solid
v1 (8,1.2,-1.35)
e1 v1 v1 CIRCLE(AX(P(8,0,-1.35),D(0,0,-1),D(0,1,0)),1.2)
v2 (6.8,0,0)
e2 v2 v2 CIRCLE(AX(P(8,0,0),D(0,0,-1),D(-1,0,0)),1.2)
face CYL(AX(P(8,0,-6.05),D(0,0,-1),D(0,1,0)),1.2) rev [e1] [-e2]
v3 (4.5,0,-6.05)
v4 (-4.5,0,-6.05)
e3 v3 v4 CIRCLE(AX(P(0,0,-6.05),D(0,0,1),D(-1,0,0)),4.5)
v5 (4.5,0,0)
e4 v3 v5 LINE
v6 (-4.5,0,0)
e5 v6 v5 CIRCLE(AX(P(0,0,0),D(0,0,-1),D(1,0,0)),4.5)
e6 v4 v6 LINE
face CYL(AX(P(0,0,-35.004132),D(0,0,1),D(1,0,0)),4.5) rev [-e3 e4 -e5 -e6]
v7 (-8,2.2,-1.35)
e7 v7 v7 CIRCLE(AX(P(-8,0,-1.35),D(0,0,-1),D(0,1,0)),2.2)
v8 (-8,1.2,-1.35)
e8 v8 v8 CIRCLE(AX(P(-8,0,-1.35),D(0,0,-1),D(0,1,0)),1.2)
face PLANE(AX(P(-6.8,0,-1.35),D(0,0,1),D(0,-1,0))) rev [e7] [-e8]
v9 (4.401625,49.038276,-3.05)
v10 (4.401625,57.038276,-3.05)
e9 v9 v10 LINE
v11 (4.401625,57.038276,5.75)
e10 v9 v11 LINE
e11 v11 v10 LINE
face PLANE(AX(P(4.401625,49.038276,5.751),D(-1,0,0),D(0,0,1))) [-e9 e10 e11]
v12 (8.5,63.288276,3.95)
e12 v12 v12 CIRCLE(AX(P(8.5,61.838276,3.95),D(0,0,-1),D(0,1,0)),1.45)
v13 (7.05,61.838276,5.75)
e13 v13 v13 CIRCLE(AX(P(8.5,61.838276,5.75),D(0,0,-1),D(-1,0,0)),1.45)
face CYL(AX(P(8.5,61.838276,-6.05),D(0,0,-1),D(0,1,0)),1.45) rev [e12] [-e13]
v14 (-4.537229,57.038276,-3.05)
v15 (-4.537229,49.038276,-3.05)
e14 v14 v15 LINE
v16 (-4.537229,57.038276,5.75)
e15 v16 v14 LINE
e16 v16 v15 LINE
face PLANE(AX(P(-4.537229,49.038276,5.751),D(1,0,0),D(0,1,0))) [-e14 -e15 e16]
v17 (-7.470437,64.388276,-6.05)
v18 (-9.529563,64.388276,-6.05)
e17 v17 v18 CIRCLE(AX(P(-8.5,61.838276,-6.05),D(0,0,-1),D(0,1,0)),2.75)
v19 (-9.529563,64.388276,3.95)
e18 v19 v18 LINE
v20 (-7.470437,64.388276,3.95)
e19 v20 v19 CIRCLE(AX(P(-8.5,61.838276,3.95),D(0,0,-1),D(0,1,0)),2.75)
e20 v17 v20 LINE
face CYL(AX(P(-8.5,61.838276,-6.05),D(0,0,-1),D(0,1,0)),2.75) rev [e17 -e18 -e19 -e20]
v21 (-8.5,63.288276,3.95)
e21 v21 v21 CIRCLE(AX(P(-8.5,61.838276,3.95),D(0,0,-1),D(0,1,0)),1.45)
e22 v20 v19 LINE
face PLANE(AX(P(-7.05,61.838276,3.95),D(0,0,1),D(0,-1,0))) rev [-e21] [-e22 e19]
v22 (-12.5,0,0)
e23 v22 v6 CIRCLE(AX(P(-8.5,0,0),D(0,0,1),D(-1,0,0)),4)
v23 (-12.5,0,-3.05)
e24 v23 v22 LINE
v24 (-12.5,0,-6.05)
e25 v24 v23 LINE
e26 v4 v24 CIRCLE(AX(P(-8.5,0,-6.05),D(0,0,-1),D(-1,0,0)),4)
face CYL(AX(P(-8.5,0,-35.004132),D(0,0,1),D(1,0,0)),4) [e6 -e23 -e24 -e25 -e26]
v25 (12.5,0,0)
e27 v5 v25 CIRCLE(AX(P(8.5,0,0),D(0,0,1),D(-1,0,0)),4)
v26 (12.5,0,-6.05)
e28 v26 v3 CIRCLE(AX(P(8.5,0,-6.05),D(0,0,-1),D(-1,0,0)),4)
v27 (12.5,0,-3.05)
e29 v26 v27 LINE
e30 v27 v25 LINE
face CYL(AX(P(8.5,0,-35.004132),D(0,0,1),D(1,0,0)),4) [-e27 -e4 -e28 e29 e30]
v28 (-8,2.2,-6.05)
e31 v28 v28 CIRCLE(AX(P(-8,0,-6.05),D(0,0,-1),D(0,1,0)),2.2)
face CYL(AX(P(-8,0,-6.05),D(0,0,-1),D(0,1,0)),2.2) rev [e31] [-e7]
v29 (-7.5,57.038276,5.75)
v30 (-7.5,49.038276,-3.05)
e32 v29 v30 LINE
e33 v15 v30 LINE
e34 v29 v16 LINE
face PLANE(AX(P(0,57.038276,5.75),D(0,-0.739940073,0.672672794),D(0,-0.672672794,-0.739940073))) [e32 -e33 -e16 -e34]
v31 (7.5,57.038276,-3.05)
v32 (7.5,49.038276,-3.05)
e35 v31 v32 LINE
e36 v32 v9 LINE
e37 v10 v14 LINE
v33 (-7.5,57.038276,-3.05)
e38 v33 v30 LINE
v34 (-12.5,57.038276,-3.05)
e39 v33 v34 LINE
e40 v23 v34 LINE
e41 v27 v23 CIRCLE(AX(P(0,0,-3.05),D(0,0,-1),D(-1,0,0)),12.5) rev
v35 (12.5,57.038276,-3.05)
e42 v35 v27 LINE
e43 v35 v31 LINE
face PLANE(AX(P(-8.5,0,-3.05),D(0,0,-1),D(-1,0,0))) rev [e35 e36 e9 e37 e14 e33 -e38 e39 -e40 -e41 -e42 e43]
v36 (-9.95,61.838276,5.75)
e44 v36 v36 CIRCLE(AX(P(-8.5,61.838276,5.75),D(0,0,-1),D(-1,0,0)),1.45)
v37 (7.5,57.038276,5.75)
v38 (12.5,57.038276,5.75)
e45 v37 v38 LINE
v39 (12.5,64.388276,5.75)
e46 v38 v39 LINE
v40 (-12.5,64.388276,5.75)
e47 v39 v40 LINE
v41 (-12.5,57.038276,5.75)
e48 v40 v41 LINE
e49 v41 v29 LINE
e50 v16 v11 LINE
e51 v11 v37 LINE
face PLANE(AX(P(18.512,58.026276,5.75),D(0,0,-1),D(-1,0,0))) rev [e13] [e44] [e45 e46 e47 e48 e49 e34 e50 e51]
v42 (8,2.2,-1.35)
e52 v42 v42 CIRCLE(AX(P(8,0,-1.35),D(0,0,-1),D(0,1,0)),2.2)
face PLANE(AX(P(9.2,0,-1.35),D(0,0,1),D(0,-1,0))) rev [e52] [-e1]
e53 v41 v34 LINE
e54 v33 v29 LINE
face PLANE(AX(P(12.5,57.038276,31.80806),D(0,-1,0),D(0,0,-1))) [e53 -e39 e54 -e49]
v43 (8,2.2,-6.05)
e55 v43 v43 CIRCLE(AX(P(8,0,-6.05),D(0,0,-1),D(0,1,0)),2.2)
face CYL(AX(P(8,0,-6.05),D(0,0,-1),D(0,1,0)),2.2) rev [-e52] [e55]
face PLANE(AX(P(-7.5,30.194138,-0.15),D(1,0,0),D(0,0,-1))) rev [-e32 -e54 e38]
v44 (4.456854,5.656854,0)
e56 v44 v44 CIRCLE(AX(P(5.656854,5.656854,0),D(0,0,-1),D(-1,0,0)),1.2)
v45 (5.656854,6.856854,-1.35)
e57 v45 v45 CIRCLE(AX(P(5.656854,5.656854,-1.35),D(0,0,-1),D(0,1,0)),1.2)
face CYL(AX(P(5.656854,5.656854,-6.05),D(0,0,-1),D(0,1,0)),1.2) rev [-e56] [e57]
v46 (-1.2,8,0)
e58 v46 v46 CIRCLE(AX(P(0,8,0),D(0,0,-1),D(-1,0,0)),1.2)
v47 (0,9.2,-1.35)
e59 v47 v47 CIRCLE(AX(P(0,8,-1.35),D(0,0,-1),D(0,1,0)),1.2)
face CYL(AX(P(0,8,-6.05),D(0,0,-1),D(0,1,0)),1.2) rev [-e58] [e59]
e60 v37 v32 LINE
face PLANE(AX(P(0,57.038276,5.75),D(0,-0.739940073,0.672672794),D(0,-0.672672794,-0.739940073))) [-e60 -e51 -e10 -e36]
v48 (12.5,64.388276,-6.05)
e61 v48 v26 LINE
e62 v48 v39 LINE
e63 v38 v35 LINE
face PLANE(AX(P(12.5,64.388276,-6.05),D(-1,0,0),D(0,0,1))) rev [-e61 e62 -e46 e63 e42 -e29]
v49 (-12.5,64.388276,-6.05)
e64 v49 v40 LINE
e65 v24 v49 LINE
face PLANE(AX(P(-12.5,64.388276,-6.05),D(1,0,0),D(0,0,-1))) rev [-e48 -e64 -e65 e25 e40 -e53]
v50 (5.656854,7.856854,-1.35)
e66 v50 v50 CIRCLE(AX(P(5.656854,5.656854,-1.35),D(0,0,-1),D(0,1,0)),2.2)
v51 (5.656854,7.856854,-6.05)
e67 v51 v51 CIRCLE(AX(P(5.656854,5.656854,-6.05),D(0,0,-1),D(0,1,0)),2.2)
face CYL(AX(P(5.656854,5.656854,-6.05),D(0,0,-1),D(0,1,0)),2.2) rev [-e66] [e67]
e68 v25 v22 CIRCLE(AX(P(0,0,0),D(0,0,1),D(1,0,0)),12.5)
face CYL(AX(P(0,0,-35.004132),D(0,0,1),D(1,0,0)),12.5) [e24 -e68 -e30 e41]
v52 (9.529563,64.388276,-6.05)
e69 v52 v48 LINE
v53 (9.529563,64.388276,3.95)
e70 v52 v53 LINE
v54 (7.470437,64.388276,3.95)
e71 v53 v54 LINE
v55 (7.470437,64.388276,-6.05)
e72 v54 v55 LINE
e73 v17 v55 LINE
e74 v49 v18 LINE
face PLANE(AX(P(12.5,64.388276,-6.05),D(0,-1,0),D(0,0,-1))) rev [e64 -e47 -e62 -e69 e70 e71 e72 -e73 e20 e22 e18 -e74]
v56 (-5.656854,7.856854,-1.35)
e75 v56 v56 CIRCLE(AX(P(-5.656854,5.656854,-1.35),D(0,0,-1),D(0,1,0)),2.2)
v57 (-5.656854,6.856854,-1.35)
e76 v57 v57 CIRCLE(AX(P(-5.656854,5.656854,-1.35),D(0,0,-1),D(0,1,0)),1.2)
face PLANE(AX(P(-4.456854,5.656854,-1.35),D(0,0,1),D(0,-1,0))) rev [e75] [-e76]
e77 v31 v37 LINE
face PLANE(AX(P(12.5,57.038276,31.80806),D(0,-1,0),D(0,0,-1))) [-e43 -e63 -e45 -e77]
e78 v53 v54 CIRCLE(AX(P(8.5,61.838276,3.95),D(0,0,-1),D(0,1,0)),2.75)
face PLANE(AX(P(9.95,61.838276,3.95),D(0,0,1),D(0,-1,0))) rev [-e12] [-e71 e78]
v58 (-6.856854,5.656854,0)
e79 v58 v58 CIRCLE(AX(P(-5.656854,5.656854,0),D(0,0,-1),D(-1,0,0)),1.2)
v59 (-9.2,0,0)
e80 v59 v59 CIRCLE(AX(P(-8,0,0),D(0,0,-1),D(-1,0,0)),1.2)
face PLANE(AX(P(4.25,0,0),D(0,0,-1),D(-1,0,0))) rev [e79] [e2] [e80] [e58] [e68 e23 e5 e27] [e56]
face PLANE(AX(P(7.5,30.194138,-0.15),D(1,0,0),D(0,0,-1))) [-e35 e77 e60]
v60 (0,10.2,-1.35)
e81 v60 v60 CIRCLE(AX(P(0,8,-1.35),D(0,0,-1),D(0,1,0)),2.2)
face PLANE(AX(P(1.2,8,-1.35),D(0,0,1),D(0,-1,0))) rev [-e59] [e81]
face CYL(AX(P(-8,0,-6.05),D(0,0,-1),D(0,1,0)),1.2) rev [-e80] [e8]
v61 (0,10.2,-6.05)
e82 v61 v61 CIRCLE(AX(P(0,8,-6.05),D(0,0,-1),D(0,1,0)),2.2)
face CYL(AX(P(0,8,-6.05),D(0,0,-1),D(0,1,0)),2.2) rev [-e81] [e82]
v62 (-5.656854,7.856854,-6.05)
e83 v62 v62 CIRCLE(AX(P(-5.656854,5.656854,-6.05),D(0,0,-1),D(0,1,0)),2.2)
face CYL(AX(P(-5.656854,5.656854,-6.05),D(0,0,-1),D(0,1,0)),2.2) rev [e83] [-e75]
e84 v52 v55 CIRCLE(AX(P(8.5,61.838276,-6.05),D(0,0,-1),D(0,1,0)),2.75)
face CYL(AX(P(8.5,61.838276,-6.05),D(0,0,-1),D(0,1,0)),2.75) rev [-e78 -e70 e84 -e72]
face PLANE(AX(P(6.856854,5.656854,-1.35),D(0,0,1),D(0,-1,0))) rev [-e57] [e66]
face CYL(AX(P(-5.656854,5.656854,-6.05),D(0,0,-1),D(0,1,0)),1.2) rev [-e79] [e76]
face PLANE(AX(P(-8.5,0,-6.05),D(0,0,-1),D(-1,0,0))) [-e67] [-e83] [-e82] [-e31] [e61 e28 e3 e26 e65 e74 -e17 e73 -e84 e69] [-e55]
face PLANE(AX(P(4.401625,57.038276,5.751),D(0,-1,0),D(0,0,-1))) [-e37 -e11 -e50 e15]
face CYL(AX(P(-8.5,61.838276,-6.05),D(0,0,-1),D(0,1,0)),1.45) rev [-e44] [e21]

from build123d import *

# Parameters (mm, degrees)
RESSALTO_EXTRUS_O1_DEPTH            = 3.05
RESSALTO_EXTRUS_O2_DEPTH            = 3
ESBO_O4_W                           = 25
ESBO_O4_H                           = 7.35
RESSALTO_EXTRUS_O3_DEPTH            = 11.8
REBAIXO_PARA_SHCS_M2_51_D           = 2.9
REBAIXO_PARA_SHCS_M2_51_CBORE_D     = 5.5
REBAIXO_PARA_SHCS_M2_51_CBORE_DEPTH = 10
REBAIXO_PARA_SHCS_M21_D             = 2.4
REBAIXO_PARA_SHCS_M21_CBORE_D       = 4.4
REBAIXO_PARA_SHCS_M21_CBORE_DEPTH   = 4.7
NERVURA1_REACH                      = 67.869
ESBO_O5_WALL_W                      = 145.630512272
ESBO_O5_WALL_H                      = 15
CORTE_EXTRUS_O1_REACH               = 68.178
ESBO_O6_W                           = 8.93885445
ESBO_O6_H                           = 8


with BuildPart() as part:
    # Esboço1 → Ressalto-extrusão1 (new body)
    with BuildSketch(Plane.XY):
        with BuildLine():
            ThreePointArc((4.5, 0), (0, 4.5), (-4.5, 0))
            ThreePointArc((-4.5, 0), (-8.5, -4), (-12.5, 0))
            ThreePointArc((-12.5, 0), (0, 12.5), (12.5, 0))
            ThreePointArc((12.5, 0), (8.5, -4), (4.5, 0))
        make_face()
    extrude(amount=-RESSALTO_EXTRUS_O1_DEPTH)

    # Esboço2 → Ressalto-extrusão2 (add)
    with BuildSketch(Plane(origin=(0, 0, -3.05), x_dir=(-1, 0, 0), z_dir=(0, 0, -1))):
        with BuildLine():
            Line((-12.5, 64.388275999), (12.5, 64.388275999))
            Line((12.5, 64.388275999), (12.5, 0))
            ThreePointArc((12.5, 0), (8.5, -4), (4.5, 0))
            ThreePointArc((4.5, 0), (0, 4.5), (-4.5, 0))
            ThreePointArc((-4.5, 0), (-8.5, -4), (-12.5, 0))
            Line((-12.5, 0), (-12.5, 64.388275999))
        make_face()
    extrude(amount=RESSALTO_EXTRUS_O2_DEPTH)

    # Esboço4 → Ressalto-extrusão3 (add)
    with BuildSketch(Plane(origin=(0, 0, -6.05), x_dir=(-1, 0, 0), z_dir=(0, 0, -1))):
        with Locations((0, 60.713275999)):
            Rectangle(ESBO_O4_W, ESBO_O4_H)
    extrude(amount=-RESSALTO_EXTRUS_O3_DEPTH)

    # Rebaixo para SHCS M2.51 (through all)
    with Locations(Plane(origin=(0, 0, -6.05), x_dir=(-1, 0, 0), z_dir=(0, 0, -1))):
        with Locations((-8.5, 61.838275999), (8.5, 61.838275999)):
            CounterBoreHole(REBAIXO_PARA_SHCS_M2_51_D / 2, REBAIXO_PARA_SHCS_M2_51_CBORE_D / 2, REBAIXO_PARA_SHCS_M2_51_CBORE_DEPTH)

    # Rebaixo para SHCS M21 (through all)
    with Locations(Plane(origin=(0, 0, -6.05), x_dir=(-1, 0, 0), z_dir=(0, 0, -1))):
        with Locations((-8, 0), (-5.656854249, 5.656854249), (0, 8), (5.656854249, 5.656854249), (8, 0)):
            CounterBoreHole(REBAIXO_PARA_SHCS_M21_D / 2, REBAIXO_PARA_SHCS_M21_CBORE_D / 2, REBAIXO_PARA_SHCS_M21_CBORE_DEPTH)

    # Esboço5 wall → Nervura1 (add, up to next)
    with BuildSketch(Plane(origin=(0, 53.038275999, 1.35), x_dir=(0, -0.672672793996, -0.739940073396), z_dir=(0, 0.739940073396, -0.672672793996)), mode=Mode.PRIVATE) as nervura1_sk1:
        Rectangle(ESBO_O5_WALL_W, ESBO_O5_WALL_H)
    nervura1_tool1 = extrude(nervura1_sk1.sketch, amount=NERVURA1_REACH, mode=Mode.PRIVATE) - part.part
    add(nervura1_tool1.solids().sort_by_distance((0, 53.038275999, 1.35))[0])

    # Esboço6 → Corte-extrusão1 (cut, up to next)
    with BuildSketch(Plane.XY.offset(-3.05), mode=Mode.PRIVATE) as corte_extrus_o1_sk1:
        with Locations((-0.067802218, 53.038275999)):
            Rectangle(ESBO_O6_W, ESBO_O6_H)
    corte_extrus_o1_tool1 = extrude(corte_extrus_o1_sk1.sketch, amount=CORTE_EXTRUS_O1_REACH, mode=Mode.PRIVATE) & part.part
    add(corte_extrus_o1_tool1.solids().sort_by_distance((-0.067802, 53.038276, -3.05))[0], mode=Mode.SUBTRACT)


solid = part.part
